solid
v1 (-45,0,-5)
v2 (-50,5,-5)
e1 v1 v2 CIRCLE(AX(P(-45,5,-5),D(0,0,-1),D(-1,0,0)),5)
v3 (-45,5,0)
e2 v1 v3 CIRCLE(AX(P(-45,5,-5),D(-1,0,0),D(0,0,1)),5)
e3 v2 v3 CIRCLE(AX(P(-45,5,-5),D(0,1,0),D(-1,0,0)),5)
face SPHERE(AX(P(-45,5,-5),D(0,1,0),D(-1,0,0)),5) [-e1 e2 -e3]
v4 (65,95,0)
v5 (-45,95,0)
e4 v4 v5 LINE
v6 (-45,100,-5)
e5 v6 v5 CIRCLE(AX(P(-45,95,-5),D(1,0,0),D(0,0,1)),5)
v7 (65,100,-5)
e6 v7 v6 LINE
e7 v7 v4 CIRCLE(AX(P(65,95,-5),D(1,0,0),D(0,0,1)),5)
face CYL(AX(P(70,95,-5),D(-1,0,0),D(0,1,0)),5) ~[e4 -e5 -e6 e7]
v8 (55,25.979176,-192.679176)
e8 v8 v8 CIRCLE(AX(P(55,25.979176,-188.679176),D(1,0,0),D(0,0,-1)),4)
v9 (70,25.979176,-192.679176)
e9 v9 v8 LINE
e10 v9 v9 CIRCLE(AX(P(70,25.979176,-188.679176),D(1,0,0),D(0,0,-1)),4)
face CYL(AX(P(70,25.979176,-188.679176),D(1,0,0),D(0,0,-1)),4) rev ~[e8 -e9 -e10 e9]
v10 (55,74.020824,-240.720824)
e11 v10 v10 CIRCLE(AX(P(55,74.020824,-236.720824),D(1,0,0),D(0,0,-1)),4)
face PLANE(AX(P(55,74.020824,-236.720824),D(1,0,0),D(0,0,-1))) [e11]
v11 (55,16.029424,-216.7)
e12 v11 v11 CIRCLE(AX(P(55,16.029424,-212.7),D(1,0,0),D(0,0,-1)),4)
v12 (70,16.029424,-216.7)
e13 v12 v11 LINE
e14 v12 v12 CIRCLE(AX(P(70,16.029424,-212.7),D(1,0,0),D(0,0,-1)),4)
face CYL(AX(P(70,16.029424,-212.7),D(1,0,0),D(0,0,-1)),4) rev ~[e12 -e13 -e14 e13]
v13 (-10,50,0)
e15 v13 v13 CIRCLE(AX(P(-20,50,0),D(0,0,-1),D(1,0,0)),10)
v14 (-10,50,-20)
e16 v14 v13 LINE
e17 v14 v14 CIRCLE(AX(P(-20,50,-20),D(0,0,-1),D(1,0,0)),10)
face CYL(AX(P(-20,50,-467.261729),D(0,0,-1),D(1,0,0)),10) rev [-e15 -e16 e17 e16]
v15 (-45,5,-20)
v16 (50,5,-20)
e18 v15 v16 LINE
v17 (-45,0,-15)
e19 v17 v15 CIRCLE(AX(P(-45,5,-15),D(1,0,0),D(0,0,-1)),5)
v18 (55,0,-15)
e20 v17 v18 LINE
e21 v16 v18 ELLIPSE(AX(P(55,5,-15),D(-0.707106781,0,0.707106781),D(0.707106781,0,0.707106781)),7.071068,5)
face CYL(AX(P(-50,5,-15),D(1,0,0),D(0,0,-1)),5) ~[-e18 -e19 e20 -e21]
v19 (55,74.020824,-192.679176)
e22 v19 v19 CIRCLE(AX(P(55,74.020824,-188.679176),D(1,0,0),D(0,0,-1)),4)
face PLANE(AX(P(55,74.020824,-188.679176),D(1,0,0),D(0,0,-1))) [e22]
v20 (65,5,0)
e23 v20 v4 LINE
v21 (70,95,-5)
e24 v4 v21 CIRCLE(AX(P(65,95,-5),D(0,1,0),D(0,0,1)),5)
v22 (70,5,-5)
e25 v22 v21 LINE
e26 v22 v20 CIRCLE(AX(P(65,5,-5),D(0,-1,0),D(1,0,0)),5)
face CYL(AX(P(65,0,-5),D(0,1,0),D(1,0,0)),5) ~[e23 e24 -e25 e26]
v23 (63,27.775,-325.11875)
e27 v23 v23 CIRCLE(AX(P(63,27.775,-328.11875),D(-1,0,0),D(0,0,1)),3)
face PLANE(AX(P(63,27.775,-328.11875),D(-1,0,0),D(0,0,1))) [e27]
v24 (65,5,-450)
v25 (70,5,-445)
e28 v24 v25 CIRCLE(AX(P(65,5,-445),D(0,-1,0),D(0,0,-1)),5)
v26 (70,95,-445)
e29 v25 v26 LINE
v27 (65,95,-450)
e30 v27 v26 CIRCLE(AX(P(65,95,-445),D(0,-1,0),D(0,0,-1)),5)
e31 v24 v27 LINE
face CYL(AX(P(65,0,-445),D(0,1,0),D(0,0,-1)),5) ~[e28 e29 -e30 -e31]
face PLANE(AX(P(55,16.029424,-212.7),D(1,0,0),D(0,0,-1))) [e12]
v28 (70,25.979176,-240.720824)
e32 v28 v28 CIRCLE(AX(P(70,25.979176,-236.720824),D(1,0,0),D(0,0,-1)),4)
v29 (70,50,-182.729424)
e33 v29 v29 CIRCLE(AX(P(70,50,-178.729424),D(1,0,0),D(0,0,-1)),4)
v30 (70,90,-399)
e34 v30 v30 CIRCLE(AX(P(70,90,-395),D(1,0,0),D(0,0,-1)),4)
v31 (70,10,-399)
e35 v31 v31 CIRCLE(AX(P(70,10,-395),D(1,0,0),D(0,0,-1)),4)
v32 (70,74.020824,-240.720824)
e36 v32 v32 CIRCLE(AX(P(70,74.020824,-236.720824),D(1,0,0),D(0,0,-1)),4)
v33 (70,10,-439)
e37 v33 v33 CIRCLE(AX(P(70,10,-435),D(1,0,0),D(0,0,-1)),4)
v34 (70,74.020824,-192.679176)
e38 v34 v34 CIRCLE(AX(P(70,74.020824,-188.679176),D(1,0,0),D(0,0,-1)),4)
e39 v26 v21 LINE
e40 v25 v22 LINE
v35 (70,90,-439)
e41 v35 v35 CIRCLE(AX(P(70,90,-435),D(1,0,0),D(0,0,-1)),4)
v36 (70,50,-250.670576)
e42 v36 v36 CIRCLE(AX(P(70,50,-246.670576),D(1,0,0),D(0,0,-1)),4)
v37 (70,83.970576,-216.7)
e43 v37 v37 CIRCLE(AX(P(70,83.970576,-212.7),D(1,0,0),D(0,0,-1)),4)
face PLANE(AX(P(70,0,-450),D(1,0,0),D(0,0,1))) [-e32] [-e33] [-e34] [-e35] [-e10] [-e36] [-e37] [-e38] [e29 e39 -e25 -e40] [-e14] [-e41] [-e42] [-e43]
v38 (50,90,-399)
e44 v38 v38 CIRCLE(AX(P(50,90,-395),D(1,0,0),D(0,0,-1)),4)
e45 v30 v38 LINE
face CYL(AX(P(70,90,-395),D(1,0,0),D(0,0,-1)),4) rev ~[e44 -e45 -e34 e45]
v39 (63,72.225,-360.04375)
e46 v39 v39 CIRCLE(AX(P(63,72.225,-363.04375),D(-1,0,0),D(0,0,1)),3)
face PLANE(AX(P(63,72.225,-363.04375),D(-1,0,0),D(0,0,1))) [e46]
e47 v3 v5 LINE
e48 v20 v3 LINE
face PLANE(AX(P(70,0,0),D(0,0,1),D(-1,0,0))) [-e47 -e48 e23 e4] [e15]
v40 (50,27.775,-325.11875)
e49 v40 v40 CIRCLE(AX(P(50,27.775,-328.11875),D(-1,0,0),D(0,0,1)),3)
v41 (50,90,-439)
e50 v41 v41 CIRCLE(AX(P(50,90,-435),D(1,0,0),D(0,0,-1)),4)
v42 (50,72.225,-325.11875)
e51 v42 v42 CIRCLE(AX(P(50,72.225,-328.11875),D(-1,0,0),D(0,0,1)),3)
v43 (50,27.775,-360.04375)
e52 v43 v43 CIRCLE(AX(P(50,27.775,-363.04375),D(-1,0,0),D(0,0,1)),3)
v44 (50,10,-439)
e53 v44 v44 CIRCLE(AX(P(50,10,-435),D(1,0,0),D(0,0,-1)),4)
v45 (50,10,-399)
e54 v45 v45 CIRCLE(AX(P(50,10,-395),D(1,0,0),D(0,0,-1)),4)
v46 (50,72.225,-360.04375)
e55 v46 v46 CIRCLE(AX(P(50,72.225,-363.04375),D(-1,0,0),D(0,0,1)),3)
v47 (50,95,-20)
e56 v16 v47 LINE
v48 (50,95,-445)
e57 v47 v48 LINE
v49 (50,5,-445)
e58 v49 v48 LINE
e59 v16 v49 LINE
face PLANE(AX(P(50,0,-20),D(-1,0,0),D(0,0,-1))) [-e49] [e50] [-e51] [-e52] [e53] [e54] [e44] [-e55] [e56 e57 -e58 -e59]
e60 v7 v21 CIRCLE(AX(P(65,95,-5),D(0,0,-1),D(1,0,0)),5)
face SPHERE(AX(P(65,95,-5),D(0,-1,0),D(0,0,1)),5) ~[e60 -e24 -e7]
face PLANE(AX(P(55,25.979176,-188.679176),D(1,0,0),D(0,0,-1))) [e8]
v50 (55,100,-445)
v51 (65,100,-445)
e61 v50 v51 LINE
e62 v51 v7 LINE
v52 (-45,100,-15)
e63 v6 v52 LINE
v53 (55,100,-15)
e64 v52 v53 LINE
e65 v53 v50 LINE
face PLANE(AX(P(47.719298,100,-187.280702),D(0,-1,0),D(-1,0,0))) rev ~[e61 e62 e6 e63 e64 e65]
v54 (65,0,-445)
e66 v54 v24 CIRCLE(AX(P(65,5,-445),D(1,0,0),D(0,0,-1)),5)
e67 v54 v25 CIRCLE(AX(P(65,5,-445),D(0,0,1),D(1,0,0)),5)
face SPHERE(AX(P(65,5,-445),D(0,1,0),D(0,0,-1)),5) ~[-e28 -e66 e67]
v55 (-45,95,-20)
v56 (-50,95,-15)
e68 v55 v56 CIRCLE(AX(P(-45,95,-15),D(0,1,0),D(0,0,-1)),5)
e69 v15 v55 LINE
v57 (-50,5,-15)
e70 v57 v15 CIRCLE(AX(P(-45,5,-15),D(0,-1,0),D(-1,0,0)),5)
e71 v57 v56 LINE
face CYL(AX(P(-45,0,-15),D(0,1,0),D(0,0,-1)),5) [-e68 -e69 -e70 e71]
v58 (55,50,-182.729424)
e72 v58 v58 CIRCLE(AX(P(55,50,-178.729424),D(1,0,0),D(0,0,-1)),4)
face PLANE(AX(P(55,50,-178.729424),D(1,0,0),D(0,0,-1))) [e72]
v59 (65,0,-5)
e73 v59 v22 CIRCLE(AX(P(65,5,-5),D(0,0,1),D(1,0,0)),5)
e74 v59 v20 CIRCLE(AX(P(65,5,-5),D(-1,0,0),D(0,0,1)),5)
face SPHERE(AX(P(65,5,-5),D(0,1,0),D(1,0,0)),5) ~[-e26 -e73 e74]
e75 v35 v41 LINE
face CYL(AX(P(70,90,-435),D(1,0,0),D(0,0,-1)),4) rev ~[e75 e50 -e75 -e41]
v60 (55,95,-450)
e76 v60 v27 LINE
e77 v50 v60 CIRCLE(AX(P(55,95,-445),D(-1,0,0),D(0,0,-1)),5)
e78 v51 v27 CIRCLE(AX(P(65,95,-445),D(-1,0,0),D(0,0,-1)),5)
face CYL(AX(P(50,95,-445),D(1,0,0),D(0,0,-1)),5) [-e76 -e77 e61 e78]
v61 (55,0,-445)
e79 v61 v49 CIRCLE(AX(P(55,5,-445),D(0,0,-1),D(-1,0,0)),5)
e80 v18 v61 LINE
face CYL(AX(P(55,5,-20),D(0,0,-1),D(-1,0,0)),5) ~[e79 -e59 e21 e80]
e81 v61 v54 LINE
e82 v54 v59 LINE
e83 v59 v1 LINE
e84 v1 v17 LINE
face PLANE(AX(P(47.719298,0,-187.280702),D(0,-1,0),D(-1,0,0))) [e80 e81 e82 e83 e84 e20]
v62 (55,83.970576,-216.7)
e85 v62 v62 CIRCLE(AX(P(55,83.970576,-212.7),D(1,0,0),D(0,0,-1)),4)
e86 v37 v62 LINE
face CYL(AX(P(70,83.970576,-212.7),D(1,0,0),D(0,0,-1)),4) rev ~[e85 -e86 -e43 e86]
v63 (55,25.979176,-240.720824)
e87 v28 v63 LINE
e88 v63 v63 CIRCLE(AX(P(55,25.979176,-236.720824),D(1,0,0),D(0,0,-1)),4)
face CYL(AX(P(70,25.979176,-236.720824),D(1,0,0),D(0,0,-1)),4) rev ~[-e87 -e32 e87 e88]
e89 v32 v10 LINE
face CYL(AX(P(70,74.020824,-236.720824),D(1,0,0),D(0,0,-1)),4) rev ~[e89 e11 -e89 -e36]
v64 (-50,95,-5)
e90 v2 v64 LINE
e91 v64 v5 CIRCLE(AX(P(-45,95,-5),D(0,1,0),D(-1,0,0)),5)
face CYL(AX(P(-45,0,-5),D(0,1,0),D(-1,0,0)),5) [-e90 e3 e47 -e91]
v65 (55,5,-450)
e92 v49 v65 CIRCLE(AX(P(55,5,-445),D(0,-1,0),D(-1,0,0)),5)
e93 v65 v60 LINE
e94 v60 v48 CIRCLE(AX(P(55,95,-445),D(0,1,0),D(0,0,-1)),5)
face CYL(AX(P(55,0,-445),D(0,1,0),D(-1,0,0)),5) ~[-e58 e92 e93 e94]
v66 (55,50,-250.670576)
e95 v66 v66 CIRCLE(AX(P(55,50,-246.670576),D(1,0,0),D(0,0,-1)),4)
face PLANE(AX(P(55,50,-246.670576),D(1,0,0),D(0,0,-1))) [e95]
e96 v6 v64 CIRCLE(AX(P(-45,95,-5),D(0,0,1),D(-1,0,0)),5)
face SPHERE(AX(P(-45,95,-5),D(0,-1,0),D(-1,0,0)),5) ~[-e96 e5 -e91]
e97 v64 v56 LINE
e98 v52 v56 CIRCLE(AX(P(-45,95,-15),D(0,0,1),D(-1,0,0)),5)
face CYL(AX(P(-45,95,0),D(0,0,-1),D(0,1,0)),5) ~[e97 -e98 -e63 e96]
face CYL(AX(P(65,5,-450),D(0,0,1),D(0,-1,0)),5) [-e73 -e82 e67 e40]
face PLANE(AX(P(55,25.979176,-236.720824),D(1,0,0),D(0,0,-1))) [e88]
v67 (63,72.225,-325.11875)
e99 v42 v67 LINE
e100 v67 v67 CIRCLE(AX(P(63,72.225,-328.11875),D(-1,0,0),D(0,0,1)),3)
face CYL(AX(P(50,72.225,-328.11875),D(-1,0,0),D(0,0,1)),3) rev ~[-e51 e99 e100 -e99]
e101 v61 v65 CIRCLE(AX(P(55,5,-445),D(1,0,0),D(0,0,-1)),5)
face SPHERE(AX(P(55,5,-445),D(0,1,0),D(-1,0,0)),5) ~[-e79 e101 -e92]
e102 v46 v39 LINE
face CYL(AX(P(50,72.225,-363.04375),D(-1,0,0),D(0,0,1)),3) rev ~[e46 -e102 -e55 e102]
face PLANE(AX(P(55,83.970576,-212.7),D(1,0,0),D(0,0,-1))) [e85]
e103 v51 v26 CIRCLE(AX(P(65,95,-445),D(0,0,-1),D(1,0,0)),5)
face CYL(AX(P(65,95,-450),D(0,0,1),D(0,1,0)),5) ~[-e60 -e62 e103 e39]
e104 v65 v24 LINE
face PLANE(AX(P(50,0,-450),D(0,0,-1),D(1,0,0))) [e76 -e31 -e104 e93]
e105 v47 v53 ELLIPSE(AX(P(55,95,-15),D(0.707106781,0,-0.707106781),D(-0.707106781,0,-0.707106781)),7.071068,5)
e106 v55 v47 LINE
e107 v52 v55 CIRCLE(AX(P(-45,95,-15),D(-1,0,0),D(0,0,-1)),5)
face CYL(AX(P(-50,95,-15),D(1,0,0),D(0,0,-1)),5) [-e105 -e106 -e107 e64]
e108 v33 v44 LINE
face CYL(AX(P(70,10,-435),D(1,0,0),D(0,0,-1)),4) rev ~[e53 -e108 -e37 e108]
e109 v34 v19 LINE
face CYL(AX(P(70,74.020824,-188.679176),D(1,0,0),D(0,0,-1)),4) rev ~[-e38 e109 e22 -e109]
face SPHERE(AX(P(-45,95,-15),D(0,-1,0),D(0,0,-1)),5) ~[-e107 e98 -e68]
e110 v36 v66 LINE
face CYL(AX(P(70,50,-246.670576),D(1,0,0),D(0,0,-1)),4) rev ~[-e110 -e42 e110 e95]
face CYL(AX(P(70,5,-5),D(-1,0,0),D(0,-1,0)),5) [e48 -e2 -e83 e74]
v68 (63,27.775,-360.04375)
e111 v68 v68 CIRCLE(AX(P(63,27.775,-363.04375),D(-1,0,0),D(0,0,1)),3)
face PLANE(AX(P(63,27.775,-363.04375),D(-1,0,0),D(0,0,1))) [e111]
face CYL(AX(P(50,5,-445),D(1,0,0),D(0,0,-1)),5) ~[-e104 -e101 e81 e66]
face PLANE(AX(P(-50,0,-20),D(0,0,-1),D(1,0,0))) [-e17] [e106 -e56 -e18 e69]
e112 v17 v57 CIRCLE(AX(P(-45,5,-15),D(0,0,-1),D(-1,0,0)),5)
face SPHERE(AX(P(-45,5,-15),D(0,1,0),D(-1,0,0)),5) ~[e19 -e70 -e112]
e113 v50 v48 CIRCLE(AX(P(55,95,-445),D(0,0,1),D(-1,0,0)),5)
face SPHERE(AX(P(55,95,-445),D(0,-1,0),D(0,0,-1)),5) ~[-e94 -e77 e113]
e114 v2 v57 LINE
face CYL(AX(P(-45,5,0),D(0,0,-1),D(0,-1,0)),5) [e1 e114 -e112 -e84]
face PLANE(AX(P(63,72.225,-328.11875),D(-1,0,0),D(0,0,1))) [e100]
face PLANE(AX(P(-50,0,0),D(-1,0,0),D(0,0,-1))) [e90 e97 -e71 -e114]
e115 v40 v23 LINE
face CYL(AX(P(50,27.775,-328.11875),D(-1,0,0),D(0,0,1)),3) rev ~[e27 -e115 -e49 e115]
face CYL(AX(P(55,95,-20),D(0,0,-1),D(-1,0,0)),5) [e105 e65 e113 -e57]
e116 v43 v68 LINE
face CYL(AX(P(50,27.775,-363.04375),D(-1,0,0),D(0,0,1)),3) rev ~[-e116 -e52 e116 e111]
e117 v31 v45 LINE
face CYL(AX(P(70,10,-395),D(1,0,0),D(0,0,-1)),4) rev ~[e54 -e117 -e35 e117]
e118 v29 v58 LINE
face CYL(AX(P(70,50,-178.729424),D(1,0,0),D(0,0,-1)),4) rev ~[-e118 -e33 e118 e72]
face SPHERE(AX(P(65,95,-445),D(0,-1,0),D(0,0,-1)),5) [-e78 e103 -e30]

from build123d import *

# Parameters (mm, degrees)
BOSS_EXTRUDE1_DEPTH     = 100
CUT_EXTRUDE2_DEPTH      = 467.261729075
CUT_EXTRUDE2_DEPTH_BACK = 467.261729075
SKETCH4_R               = 10
FILLET1_R               = 5
SKETCH5_R               = 4
CUT_EXTRUDE3_DEPTH      = 15
SKETCH6_R               = 4
CUT_EXTRUDE4_DEPTH      = 20
SKETCH7_R               = 3
CUT_EXTRUDE5_DEPTH      = 13


with BuildPart() as part:
    # Sketch1 → Boss-Extrude1 (new body)
    with BuildSketch(Plane(origin=(0, 0, 0), x_dir=(1, 0, 0), z_dir=(0, 1, 0))):
        Polygon((50, 20), (50, 450), (70, 450), (70, 0), (-50, 0), (-50, 20), align=None)
    extrude(amount=BOSS_EXTRUDE1_DEPTH)

    # Sketch4 → Cut-Extrude2 (cut, two sides: drawn at the far end of the back side and taken through both)
    with BuildSketch(Plane.XY.offset(-CUT_EXTRUDE2_DEPTH_BACK)):
        with Locations((-20, 50)):
            Circle(SKETCH4_R)
    extrude(amount=CUT_EXTRUDE2_DEPTH + CUT_EXTRUDE2_DEPTH_BACK, mode=Mode.SUBTRACT)

    # Fillet1
    fillet1_edges = [part.edges().sort_by_distance(p)[0] for p in [
        (-50, 50, 0),
        (-50, 50, -20),
        (50, 50, -450),
        (70, 50, -450),
        (70, 50, 0),
        (60, 100, -450),
        (50, 100, -235),
        (0, 100, -20),
        (-50, 100, -10),
        (10, 100, 0),
        (-50, 0, -10),
        (0, 0, -20),
        (50, 0, -235),
        (60, 0, -450),
        (70, 0, -225),
        (10, 0, 0),
        (70, 100, -225),
    ]]
    fillet(fillet1_edges, radius=FILLET1_R)

    # Sketch5 → Cut-Extrude3 (cut)
    with BuildSketch(Plane(origin=(70, 0, 0), x_dir=(0, 0, -1), z_dir=(1, 0, 0))):
        with Locations((212.7, 83.970575503)):
            Circle(SKETCH5_R)
        with Locations((236.720824299, 74.020824299)):
            Circle(SKETCH5_R)
        with Locations((246.670575503, 50)):
            Circle(SKETCH5_R)
        with Locations((236.720824299, 25.979175701)):
            Circle(SKETCH5_R)
        with Locations((212.7, 16.029424497)):
            Circle(SKETCH5_R)
        with Locations((188.679175701, 25.979175701)):
            Circle(SKETCH5_R)
        with Locations((178.729424497, 50)):
            Circle(SKETCH5_R)
        with Locations((188.679175701, 74.020824299)):
            Circle(SKETCH5_R)
    extrude(amount=-CUT_EXTRUDE3_DEPTH, mode=Mode.SUBTRACT)

    # Sketch6 → Cut-Extrude4 (cut)
    with BuildSketch(Plane(origin=(70, 0, 0), x_dir=(0, 0, -1), z_dir=(1, 0, 0))):
        with Locations((395, 10)):
            Circle(SKETCH6_R)
        with Locations((435, 10)):
            Circle(SKETCH6_R)
        with Locations((435, 90)):
            Circle(SKETCH6_R)
        with Locations((395, 90)):
            Circle(SKETCH6_R)
    extrude(amount=-CUT_EXTRUDE4_DEPTH, mode=Mode.SUBTRACT)

    # Sketch7 → Cut-Extrude5 (cut)
    with BuildSketch(Plane.ZY.offset(-50)):
        with Locations((-363.04375, 72.225)):
            Circle(SKETCH7_R)
        with Locations((-328.11875, 72.225)):
            Circle(SKETCH7_R)
        with Locations((-363.04375, 27.775)):
            Circle(SKETCH7_R)
        with Locations((-328.11875, 27.775)):
            Circle(SKETCH7_R)
    extrude(amount=-CUT_EXTRUDE5_DEPTH, mode=Mode.SUBTRACT)


solid = part.part
